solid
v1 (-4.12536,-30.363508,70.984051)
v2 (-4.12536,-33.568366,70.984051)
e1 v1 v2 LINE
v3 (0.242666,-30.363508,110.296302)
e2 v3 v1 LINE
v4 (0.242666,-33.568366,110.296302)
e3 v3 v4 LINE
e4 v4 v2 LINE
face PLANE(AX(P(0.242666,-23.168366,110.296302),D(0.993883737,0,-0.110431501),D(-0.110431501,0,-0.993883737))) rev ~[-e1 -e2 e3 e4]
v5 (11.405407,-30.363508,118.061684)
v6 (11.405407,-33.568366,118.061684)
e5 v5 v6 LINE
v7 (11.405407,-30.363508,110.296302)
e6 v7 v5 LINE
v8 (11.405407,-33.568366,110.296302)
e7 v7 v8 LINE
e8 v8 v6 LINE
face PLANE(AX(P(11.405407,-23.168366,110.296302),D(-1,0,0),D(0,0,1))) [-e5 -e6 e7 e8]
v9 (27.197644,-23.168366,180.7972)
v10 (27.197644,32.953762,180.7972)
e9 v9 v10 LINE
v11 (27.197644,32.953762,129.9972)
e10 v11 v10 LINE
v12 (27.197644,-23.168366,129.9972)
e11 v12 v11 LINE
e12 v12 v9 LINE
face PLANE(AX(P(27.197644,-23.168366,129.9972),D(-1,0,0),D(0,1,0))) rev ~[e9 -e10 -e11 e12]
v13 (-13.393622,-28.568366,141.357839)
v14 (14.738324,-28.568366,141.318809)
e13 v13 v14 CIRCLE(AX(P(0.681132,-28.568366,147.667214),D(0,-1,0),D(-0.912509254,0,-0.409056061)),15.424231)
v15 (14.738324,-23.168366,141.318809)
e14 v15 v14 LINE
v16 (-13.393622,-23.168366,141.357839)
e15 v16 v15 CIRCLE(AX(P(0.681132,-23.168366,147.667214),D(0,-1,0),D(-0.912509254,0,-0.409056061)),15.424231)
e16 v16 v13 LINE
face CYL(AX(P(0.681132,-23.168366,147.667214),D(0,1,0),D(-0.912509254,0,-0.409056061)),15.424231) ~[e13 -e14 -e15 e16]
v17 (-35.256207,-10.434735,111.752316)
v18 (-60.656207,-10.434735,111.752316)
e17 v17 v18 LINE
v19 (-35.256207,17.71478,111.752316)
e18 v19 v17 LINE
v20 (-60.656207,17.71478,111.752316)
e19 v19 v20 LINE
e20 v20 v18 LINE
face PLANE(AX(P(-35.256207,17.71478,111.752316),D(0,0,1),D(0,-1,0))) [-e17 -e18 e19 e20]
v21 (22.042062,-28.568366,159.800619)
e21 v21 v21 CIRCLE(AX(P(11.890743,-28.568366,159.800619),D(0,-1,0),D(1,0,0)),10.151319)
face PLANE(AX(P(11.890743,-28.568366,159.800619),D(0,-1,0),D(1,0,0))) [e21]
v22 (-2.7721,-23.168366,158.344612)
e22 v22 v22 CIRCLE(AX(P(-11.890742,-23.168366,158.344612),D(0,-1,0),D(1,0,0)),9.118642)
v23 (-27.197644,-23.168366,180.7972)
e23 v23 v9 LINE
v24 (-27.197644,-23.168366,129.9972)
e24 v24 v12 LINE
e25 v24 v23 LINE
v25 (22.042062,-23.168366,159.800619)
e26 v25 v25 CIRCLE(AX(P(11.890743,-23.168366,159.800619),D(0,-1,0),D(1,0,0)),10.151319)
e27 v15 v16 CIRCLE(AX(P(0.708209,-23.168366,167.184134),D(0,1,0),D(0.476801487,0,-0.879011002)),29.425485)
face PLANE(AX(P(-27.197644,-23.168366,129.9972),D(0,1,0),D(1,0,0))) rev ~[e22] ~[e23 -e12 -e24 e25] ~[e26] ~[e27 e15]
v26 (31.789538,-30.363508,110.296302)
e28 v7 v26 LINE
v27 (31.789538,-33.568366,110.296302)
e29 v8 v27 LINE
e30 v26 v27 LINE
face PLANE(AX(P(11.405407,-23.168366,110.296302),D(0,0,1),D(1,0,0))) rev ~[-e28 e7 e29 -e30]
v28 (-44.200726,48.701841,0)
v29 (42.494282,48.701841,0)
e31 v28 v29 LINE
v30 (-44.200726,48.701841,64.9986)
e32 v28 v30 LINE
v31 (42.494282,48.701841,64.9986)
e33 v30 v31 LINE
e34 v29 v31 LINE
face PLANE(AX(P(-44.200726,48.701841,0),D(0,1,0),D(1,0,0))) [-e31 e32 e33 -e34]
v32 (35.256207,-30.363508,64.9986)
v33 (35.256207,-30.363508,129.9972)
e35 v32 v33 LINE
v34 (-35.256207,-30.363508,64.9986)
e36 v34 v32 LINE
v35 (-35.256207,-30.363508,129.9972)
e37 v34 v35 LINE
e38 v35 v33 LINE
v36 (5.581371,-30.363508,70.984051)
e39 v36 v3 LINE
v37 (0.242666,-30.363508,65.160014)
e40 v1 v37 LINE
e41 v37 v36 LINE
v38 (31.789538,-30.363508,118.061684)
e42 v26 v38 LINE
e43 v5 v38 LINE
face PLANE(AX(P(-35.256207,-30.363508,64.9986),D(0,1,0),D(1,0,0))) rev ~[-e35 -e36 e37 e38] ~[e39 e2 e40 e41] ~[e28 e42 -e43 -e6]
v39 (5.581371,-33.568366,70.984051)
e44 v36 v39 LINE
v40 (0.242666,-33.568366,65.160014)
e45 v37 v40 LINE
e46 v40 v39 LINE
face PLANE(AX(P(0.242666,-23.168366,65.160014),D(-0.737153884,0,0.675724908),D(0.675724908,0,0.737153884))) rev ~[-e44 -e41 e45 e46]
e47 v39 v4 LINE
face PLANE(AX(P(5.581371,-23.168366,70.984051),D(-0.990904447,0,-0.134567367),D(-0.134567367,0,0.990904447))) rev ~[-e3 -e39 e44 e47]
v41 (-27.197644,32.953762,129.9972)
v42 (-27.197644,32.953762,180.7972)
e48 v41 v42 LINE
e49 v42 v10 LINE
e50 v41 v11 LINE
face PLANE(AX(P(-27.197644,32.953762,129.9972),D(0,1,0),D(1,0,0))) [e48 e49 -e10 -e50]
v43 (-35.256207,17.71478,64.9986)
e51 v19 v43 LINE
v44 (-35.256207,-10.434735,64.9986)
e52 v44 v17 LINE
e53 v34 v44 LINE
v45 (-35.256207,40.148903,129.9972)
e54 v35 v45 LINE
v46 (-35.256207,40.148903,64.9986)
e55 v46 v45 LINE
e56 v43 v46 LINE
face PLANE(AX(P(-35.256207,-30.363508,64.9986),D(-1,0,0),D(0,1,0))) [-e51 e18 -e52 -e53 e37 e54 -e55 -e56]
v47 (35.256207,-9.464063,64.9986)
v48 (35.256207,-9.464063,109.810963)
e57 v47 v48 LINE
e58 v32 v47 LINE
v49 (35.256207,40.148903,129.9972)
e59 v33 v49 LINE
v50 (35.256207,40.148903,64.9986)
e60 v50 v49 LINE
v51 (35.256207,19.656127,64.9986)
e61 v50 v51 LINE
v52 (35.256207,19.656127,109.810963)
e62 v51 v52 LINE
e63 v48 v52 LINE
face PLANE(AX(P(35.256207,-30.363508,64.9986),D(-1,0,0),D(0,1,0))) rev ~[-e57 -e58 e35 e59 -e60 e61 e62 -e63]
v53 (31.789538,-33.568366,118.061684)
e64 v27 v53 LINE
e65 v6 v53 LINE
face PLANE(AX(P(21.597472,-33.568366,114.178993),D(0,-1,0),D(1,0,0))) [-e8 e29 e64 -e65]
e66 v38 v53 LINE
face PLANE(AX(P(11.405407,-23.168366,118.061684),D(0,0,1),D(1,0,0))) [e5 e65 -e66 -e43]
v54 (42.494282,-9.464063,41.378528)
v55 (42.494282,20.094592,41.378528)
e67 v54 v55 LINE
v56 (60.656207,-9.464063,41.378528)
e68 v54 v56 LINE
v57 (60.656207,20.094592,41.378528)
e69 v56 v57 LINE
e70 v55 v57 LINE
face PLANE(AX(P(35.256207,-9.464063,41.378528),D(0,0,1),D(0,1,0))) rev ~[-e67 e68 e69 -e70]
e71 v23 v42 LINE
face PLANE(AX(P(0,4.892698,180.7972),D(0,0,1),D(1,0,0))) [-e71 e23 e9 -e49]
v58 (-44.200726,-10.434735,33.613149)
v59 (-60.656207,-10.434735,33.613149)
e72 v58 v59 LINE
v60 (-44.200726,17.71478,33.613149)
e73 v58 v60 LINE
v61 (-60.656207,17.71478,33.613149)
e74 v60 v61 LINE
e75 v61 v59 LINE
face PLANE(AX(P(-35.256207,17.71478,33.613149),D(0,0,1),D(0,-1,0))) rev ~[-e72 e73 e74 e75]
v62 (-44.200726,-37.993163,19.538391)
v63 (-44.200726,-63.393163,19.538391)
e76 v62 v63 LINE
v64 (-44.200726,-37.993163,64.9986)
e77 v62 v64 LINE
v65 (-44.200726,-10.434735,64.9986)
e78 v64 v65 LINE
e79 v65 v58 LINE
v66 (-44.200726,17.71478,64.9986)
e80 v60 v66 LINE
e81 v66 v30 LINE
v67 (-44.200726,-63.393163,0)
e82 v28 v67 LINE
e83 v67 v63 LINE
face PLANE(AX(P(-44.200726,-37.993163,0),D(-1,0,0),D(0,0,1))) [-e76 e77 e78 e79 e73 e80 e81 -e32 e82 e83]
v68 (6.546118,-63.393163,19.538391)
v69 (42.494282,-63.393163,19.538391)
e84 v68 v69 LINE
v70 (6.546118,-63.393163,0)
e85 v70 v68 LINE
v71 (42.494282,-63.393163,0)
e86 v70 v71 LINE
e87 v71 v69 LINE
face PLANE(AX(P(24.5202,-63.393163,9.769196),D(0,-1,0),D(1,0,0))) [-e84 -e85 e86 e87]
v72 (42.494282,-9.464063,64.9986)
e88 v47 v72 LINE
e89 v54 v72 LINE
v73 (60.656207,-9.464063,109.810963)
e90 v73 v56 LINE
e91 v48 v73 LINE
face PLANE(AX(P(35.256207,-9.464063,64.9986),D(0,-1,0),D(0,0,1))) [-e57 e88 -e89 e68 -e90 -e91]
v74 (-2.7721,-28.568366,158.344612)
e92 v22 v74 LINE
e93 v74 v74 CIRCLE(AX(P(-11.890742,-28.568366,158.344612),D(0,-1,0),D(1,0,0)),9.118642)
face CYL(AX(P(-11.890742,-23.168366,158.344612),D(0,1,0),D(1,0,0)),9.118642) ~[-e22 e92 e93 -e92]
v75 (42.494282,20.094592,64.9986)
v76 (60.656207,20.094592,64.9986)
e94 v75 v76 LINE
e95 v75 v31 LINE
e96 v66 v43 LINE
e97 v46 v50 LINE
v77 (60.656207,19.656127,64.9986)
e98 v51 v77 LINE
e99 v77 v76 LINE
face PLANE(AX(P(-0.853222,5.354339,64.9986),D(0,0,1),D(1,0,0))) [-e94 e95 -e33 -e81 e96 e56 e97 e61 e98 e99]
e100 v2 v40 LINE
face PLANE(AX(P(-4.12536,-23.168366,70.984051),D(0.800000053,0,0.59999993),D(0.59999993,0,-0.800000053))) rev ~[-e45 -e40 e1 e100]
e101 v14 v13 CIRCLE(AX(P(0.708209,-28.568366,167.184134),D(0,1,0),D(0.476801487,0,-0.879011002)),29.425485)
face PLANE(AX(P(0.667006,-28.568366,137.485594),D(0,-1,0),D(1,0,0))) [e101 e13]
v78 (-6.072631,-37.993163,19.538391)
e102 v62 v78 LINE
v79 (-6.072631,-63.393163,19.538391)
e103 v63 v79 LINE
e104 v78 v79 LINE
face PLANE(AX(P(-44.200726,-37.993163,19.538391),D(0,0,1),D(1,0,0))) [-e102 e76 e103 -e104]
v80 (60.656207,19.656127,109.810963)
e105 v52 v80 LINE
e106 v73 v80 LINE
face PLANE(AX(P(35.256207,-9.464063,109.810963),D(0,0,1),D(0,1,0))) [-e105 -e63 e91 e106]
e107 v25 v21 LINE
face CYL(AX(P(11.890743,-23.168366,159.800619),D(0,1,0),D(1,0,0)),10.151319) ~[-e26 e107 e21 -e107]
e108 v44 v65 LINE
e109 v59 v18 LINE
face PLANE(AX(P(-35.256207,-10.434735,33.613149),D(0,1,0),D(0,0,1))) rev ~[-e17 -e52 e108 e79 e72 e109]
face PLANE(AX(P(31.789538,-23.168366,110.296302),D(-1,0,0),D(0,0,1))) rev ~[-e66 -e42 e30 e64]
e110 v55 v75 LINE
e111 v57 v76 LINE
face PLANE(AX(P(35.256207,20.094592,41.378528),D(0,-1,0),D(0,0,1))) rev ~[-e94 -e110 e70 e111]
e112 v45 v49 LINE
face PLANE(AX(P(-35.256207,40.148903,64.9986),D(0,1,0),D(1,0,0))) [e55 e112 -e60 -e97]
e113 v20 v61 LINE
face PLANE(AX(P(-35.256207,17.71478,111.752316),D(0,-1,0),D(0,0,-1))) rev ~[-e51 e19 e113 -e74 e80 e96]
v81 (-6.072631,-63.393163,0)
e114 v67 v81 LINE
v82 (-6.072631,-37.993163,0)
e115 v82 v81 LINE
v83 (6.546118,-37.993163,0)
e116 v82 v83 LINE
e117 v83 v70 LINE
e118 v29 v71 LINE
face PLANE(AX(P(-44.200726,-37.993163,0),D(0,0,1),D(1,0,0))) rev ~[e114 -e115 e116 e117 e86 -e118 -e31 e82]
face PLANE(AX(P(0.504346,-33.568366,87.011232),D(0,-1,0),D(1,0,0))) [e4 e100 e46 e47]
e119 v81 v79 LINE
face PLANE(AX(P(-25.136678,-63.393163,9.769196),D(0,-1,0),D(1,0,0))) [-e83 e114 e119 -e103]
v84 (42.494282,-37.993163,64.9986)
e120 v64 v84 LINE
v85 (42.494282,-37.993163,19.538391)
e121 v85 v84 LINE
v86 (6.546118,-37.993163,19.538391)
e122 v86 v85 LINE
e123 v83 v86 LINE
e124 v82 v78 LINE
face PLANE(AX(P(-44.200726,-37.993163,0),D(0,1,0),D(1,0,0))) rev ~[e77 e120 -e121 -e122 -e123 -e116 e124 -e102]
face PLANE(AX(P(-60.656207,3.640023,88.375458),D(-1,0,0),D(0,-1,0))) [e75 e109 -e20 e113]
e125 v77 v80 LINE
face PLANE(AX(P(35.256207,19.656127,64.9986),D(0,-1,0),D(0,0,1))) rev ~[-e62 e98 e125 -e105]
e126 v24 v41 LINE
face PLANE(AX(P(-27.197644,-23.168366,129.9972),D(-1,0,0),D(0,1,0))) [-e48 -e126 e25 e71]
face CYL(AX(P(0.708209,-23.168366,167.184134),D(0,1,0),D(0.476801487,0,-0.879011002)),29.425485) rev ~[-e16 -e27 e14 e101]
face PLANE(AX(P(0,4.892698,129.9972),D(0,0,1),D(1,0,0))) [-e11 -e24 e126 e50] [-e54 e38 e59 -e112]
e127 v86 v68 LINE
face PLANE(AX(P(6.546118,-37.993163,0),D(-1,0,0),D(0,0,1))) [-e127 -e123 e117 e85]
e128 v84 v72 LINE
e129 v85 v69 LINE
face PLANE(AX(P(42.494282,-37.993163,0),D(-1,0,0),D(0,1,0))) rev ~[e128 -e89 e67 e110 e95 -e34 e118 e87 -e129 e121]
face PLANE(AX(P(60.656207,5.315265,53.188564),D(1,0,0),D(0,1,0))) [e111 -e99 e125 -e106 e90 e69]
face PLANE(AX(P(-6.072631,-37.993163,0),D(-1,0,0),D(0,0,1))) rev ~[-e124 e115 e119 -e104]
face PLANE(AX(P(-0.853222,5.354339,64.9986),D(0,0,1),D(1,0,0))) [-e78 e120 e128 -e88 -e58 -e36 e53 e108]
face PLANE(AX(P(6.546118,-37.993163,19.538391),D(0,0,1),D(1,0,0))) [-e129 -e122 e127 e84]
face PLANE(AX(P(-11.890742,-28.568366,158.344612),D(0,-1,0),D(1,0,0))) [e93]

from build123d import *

# Parameters (mm, degrees)
F0_W      = 86.6950079799
F0_H      = 86.6950042546
F1_DEPTH  = 64.9986
F2_W      = 70.5124139786
F2_H      = 70.5124102533
F3_DEPTH  = 64.9986
F4_W      = 54.395288229
F4_H      = 56.1221279204
F5_DEPTH  = 50.8
F6_R      = 9.1186421801
F6_R_2    = 10.1513194638
F6_W      = 20.3841309994
F6_H      = 7.7653825283
F7_DEPTH  = 25.4
F8_W      = 29.1201900691
F8_H      = 44.812363273
F9_DEPTH  = 25.4
F10_W     = 29.5586548746
F10_H     = 23.6200721203
F11_DEPTH = 25.4
F12_W     = 28.1495144591
F12_H     = 46.7537163557
F12_H_2   = 31.3854509233
F13_DEPTH = 25.4
F15_DEPTH = 25.4
F16_W     = 38.1280947477
F16_H     = 19.5383913815
F16_W_2   = 35.9481638297
F17_DEPTH = 25.4
F19_DEPTH = 20
F18_W     = 20.3841309994
F18_H     = 7.7653825283
F20_DEPTH = 15


with BuildPart() as f1:
    # F0 (on Top) → F1 (new body)
    with BuildSketch(Plane.XY):
        with Locations((-0.8532218635, 5.3543392569)):
            Rectangle(F0_W, F0_H)
    extrude(amount=F1_DEPTH)

    # F2 (on face) → F3 (join)
    with BuildSketch(Plane.XY.offset(64.9986)):
        with Locations((0, 4.8926975578)):
            Rectangle(F2_W, F2_H)
    extrude(amount=F3_DEPTH)

    # F4 (on face) → F5 (join)
    with BuildSketch(Plane.XY.offset(129.9972)):
        with Locations((0, 4.8926975578)):
            Rectangle(F4_W, F4_H)
    extrude(amount=F5_DEPTH)

    # F6 (on face) → F7 (join)
    with BuildSketch(Plane.XZ.offset(23.1683664024)):
        with Locations((-11.8907419965, 158.3446115255)):
            Circle(F6_R)
        with Locations((11.8907429278, 159.8006188869)):
            Circle(F6_R_2)
        Polygon((5.5813710205, 70.9840506315), (0.2426664723, 110.2963015437), (0.2426664723, 65.1600137353), align=None)
        Polygon((0.2426664723, 65.1600137353), (0.2426664723, 110.2963015437), (-4.1253603995, 70.9840506315), align=None)
        with Locations((21.5974720195, 114.1789928079)):
            Rectangle(F6_W, F6_H)
    extrude(amount=F7_DEPTH)

    # F8 (on face) → F9 (join)
    with BuildSketch(Plane.YZ.offset(35.2562069893)):
        with Locations((5.0960322842, 87.4047816365)):
            Rectangle(F8_W, F8_H)
    extrude(amount=F9_DEPTH)

    # F10 (on face) → F11 (join)
    with BuildSketch(Plane.YZ.offset(35.2562069893)):
        with Locations((5.3152646869, 53.1885639399)):
            Rectangle(F10_W, F10_H)
    extrude(amount=F11_DEPTH)

    # F12 (on face) → F13 (join)
    with BuildSketch(Plane(origin=(-35.2562069893, 0, 0), x_dir=(0, -1, 0), z_dir=(-1, 0, 0))):
        with Locations((-3.6400225945, 88.3754581779)):
            Rectangle(F12_W, F12_H)
        with Locations((-3.6400225945, 49.3058745384)):
            Rectangle(F12_W, F12_H_2)
    extrude(amount=F13_DEPTH)

    # F14 (on face) → F15 (join)
    with BuildSketch(Plane.XZ.offset(23.1683664024)):
        with BuildLine():
            ThreePointArc((14.7383239205, 141.318809308), (0.6673846717, 137.7586777296), (-13.3936218917, 141.3578391075))
            ThreePointArc((-13.3936218917, 141.3578391075), (0.6597323084, 132.2429981429), (14.7383239205, 141.318809308))
        make_face()
    extrude(amount=F15_DEPTH)

    # F16 (on face) → F17 (join)
    with BuildSketch(Plane.XZ.offset(37.9931628704)):
        with Locations((-25.1366784796, 9.7691956908)):
            Rectangle(F16_W, F16_H)
        with Locations((24.5202002116, 9.7691956908)):
            Rectangle(F16_W_2, F16_H)
    extrude(amount=F17_DEPTH)

    # F19 (cut): faces of the model
    f19_faces = [f1.faces().sort_by_distance(p)[0] for p in [
        (-11.8907419965, -48.5683664024, 158.3446115255),
        (11.8907429278, -48.5683664024, 159.8006188869),
        (0.665272449, -48.5683664024, 136.2362272974),
    ]]
    extrude(f19_faces, amount=-F19_DEPTH, mode=Mode.SUBTRACT)

    # F18 (on face) → F20 (cut)
    with BuildSketch(Plane.XZ.offset(48.5683664024)):
        Polygon((5.5813710205, 70.9840506315), (0.2426664723, 110.2963015437), (-4.1253603995, 70.9840506315), (0.2426664723, 65.1600137353), align=None)
        with Locations((21.5974720195, 114.1789928079)):
            Rectangle(F18_W, F18_H)
    extrude(amount=-F20_DEPTH, mode=Mode.SUBTRACT)


solid = f1.part
